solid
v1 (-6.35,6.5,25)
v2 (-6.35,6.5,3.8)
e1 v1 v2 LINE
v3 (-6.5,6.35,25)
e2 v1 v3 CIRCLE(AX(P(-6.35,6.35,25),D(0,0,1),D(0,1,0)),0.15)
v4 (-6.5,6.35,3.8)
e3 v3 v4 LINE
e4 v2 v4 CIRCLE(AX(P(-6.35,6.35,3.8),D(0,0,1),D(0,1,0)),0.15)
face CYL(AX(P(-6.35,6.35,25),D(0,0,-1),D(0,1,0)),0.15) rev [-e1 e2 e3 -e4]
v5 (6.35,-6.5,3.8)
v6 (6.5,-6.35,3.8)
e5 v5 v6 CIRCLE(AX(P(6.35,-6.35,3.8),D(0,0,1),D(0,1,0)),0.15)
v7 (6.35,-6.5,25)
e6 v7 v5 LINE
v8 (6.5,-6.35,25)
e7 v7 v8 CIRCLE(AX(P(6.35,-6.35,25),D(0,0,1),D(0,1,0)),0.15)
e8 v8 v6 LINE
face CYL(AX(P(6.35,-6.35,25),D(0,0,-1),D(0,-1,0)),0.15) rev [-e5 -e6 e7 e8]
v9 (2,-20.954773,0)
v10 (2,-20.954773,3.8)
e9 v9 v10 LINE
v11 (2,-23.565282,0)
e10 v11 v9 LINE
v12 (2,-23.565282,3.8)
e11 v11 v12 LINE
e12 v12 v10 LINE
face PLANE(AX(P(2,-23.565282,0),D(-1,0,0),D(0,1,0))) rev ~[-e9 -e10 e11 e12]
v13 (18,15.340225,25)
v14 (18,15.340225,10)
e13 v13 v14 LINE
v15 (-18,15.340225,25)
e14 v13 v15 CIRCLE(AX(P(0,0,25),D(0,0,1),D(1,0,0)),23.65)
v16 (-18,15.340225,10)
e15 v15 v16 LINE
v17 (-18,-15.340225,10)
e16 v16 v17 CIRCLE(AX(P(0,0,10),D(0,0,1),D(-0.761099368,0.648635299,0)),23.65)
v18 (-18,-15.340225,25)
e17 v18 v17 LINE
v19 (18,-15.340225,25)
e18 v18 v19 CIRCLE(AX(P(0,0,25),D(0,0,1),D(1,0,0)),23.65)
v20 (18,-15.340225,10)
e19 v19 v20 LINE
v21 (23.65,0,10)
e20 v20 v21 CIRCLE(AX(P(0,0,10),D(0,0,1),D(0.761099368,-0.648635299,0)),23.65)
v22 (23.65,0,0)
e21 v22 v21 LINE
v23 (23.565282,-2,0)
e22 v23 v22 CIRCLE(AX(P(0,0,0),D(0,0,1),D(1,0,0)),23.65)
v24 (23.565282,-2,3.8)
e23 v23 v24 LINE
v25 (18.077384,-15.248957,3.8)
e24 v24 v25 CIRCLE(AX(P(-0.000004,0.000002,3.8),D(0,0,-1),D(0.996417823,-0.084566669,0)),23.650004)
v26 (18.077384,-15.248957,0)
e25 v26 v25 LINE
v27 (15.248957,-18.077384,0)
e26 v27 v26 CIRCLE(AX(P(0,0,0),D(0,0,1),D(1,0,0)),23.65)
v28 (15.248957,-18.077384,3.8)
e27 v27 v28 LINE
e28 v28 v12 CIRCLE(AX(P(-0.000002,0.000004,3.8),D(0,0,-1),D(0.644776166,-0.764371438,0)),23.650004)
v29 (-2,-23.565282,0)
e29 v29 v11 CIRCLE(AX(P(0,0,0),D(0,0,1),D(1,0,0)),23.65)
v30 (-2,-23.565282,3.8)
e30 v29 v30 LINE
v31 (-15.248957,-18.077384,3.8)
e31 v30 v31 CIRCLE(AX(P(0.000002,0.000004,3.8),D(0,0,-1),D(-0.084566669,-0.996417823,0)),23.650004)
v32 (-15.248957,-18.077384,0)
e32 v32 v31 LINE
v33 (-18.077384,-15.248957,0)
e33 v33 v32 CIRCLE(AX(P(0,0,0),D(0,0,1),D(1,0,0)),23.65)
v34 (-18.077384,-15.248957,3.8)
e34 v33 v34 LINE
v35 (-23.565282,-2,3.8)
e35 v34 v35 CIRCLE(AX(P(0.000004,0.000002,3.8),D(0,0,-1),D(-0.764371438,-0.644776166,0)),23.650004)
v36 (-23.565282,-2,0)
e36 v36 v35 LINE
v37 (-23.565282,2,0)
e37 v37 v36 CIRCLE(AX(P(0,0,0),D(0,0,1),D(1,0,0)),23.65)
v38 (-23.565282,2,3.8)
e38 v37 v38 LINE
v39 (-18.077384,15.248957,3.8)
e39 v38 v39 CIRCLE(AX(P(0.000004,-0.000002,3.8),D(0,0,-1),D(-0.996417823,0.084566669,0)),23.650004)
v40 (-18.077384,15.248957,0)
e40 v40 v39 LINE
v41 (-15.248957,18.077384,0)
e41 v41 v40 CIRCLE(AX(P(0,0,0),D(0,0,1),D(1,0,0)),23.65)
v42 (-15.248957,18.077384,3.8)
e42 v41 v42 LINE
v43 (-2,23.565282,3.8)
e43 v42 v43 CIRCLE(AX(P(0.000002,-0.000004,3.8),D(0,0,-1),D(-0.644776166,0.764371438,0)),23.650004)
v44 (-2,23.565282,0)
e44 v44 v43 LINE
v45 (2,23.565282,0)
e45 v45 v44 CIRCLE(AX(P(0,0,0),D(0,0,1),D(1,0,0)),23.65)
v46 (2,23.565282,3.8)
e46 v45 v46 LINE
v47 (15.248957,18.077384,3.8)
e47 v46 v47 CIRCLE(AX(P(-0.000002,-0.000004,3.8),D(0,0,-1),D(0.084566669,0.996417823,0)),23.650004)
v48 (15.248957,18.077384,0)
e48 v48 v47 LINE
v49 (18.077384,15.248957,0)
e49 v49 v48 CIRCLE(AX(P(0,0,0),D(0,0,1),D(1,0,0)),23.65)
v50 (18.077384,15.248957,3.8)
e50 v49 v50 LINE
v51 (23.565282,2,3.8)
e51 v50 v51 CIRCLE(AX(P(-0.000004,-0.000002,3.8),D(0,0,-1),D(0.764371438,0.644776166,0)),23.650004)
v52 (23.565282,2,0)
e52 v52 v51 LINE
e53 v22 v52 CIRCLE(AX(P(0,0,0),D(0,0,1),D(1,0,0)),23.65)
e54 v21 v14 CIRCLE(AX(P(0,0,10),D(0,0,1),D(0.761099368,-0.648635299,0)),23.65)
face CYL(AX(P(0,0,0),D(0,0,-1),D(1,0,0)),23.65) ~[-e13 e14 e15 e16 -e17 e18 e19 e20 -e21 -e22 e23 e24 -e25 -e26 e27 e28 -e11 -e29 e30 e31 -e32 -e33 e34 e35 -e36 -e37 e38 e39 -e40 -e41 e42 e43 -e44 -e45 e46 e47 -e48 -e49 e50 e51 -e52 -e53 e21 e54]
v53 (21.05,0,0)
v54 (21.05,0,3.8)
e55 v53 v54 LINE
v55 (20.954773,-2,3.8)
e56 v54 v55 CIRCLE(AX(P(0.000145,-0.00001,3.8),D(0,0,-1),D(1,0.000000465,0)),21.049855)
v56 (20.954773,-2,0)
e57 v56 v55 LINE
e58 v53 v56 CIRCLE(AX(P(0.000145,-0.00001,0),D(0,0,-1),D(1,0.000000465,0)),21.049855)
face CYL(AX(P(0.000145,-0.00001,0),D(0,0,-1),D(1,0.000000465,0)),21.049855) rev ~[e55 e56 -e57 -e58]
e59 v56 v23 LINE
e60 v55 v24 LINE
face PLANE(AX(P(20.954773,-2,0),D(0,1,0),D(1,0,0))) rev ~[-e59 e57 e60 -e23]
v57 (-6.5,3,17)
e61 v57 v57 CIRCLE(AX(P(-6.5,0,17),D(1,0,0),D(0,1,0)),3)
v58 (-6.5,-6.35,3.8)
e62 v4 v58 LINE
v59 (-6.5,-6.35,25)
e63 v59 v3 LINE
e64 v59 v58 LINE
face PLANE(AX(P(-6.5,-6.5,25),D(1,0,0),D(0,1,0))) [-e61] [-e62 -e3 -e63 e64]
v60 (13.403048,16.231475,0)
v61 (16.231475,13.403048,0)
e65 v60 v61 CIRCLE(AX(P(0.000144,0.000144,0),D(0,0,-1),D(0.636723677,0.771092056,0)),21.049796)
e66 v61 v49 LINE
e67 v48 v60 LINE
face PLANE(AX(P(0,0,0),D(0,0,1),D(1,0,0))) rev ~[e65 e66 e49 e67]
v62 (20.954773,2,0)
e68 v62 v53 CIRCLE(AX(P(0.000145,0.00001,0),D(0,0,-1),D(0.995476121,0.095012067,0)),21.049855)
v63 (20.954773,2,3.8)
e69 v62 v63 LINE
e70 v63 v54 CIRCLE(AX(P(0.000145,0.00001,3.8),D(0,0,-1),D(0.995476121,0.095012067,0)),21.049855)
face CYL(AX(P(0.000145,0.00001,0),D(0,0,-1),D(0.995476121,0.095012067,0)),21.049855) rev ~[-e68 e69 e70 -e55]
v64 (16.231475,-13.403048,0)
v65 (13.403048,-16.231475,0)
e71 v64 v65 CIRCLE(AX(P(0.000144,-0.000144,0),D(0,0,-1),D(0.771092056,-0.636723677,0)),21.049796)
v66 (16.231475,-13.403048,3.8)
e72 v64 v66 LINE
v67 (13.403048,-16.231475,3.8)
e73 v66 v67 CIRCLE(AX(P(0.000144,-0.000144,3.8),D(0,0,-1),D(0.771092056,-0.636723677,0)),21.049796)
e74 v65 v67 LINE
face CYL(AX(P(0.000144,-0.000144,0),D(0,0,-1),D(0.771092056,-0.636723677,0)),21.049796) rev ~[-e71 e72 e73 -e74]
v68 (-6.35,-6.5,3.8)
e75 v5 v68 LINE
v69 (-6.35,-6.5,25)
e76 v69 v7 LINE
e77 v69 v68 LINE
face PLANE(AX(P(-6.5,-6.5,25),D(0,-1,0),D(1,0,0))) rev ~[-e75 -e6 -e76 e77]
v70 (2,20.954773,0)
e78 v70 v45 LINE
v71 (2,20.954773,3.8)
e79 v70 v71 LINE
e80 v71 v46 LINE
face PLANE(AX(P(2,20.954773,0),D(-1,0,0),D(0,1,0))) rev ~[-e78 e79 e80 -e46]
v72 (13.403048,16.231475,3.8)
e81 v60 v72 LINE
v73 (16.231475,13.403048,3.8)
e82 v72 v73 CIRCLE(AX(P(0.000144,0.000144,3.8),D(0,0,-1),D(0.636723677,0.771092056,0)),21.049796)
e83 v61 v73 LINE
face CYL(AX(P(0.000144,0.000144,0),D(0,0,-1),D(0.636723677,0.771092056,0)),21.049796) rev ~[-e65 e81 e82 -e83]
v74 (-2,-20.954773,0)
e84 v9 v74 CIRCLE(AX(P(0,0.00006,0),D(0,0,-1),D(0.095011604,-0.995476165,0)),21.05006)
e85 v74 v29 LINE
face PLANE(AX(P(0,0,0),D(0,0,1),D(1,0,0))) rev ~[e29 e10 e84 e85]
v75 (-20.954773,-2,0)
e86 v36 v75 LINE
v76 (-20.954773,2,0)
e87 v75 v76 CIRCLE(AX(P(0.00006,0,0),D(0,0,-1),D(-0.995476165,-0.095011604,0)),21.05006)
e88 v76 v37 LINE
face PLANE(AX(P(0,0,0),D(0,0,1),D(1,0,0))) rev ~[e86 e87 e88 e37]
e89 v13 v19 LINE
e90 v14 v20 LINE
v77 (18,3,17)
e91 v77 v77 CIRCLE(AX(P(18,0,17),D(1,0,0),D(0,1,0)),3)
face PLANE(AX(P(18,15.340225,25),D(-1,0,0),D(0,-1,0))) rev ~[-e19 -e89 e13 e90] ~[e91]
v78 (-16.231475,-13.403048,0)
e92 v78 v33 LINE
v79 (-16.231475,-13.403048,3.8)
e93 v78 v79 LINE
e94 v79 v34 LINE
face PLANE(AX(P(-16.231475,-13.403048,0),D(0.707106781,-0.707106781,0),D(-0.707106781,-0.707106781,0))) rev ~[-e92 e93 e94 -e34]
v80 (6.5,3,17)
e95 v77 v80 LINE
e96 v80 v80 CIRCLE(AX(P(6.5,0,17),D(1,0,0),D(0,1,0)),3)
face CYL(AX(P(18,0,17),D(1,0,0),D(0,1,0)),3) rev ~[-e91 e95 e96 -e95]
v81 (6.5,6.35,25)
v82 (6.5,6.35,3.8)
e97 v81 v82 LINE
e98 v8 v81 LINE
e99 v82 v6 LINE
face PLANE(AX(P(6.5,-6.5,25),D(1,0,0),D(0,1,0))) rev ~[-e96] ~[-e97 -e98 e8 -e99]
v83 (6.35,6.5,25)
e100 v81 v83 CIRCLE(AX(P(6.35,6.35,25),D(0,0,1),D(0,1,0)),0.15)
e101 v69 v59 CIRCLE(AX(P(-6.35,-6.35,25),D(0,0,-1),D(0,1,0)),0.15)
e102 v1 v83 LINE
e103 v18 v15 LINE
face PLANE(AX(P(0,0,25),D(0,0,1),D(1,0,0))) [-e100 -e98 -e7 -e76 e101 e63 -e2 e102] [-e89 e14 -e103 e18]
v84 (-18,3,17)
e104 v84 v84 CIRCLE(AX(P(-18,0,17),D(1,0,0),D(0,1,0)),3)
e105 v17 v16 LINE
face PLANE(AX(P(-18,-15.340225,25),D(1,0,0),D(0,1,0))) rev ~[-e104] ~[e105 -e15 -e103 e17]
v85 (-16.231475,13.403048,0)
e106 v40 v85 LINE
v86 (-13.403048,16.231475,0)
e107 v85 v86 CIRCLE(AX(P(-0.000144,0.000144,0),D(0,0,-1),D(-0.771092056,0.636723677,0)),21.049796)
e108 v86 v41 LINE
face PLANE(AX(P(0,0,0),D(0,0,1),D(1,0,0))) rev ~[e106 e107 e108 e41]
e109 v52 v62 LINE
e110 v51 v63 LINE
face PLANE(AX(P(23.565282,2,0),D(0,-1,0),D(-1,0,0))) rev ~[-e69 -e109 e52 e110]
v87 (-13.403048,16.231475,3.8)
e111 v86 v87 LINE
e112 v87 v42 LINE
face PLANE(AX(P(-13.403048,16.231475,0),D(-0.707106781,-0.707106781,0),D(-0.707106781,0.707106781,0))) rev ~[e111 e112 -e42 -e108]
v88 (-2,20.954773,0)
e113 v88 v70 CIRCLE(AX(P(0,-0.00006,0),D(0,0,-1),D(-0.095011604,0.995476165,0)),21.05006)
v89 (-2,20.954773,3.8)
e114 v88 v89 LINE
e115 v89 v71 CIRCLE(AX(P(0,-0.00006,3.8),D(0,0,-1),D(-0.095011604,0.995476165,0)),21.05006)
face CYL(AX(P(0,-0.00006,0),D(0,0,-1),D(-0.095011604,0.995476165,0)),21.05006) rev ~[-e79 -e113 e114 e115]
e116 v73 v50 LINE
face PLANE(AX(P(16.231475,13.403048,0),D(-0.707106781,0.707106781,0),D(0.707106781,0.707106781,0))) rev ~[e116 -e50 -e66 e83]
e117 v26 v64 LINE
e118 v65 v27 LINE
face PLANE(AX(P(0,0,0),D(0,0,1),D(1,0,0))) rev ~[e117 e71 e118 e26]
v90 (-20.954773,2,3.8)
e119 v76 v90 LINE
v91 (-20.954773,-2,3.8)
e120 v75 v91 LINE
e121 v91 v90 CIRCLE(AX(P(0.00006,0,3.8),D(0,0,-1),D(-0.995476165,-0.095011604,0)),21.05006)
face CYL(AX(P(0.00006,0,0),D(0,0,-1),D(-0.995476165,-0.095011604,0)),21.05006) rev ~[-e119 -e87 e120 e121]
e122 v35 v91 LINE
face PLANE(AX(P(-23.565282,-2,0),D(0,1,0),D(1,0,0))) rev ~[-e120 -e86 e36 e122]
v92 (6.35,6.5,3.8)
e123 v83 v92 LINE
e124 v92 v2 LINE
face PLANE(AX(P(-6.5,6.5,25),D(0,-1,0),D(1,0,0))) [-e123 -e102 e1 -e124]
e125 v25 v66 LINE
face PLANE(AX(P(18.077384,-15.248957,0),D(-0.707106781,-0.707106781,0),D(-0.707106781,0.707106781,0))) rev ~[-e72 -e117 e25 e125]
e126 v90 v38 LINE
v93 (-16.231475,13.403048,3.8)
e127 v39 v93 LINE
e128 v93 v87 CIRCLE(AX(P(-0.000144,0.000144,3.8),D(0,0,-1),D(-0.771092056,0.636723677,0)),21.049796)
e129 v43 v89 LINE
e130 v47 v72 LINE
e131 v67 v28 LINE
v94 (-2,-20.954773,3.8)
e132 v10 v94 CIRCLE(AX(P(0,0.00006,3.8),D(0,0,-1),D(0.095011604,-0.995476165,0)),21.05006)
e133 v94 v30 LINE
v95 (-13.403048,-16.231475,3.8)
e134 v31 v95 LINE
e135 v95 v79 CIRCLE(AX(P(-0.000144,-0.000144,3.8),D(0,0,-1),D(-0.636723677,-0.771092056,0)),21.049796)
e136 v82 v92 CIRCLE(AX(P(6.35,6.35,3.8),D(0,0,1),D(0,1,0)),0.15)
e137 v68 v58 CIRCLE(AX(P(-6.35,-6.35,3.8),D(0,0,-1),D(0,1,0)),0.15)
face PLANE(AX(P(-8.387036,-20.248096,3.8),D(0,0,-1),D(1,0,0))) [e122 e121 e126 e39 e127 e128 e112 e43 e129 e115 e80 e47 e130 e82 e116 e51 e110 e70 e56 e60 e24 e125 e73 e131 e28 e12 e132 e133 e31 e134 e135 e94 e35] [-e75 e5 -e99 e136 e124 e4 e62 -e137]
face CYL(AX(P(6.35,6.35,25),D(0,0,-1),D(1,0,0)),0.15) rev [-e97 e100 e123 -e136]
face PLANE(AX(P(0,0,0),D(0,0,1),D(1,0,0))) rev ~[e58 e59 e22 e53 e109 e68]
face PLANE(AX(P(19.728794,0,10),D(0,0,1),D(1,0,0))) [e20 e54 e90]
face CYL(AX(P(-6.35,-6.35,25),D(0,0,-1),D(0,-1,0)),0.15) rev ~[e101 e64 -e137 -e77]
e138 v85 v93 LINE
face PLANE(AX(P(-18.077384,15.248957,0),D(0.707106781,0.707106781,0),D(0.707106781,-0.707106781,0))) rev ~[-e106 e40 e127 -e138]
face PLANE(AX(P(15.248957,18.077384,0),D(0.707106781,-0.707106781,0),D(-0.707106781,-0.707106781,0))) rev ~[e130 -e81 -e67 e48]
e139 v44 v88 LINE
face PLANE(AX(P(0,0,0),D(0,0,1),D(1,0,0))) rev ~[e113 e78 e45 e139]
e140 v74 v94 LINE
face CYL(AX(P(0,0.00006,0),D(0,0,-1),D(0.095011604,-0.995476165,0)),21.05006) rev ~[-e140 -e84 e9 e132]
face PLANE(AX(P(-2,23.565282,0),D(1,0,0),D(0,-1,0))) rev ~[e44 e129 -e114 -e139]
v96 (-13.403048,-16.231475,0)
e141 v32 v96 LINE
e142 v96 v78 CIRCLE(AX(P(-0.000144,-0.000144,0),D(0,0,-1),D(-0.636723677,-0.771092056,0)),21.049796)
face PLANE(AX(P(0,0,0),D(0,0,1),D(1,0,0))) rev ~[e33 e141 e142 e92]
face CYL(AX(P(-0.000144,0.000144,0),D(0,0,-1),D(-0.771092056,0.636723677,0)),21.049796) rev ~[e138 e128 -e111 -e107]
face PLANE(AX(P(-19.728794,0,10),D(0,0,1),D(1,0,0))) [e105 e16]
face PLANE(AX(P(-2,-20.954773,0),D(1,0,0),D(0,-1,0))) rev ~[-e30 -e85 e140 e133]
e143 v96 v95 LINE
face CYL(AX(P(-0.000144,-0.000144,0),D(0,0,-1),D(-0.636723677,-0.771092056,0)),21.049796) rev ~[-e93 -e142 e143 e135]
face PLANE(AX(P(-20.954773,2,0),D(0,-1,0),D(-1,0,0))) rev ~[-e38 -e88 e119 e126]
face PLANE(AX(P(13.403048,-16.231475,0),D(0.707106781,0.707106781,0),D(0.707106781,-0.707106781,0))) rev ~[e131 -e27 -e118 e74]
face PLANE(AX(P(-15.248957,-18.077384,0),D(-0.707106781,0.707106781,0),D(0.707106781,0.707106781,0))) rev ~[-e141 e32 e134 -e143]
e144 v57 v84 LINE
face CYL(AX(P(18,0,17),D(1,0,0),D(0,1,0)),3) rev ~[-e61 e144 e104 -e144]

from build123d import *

# Parameters (mm, degrees)
F0_R      = 23.65
F1_DEPTH  = 25
F3_DEPTH  = 3.8
F5_DEPTH  = 15
F6_W      = 13
F6_H      = 13
F7_DEPTH  = 25.001
F8_R      = 0.15
F9_R      = 3
F10_DEPTH = 41.651


with BuildPart() as f1:
    # F0 (on Top) → F1 (new body)
    with BuildSketch(Plane.XY):
        Circle(F0_R)
    extrude(amount=F1_DEPTH)

    # F2 (on face) → F3 (cut)
    with BuildSketch(Plane(origin=(0, 0, 0), x_dir=(1, 0, 0), z_dir=(0, 0, -1))):
        with BuildLine():
            Line((-2, 20.954773), (-2, 23.565282))
            ThreePointArc((-2, 23.565282), (-9.050463, 21.849751), (-15.248957, 18.077384))
            Line((-15.248957, 18.077384), (-13.403048, 16.231475))
            ThreePointArc((-13.403048, 16.231475), (-8.055486, 19.447664), (-2, 20.954773))
        make_face()
        with BuildLine():
            ThreePointArc((21.05, 0), (21.02618, 1.001133), (20.954773, 2))
            ThreePointArc((20.954773, 2), (19.447664, 8.055486), (16.231475, 13.403048))
            ThreePointArc((16.231475, 13.403048), (14.884598, 14.884598), (13.403048, 16.231475))
            ThreePointArc((13.403048, 16.231475), (8.055486, 19.447664), (2, 20.954773))
            ThreePointArc((2, 20.954773), (0, 21.05), (-2, 20.954773))
            ThreePointArc((-2, 20.954773), (-8.055486, 19.447664), (-13.403048, 16.231475))
            ThreePointArc((-13.403048, 16.231475), (-14.884598, 14.884598), (-16.231475, 13.403048))
            ThreePointArc((-16.231475, 13.403048), (-19.447664, 8.055486), (-20.954773, 2))
            ThreePointArc((-20.954773, 2), (-21.05, 0), (-20.954773, -2))
            ThreePointArc((-20.954773, -2), (-19.447664, -8.055486), (-16.231475, -13.403048))
            ThreePointArc((-16.231475, -13.403048), (-14.884598, -14.884598), (-13.403048, -16.231475))
            ThreePointArc((-13.403048, -16.231475), (-8.055486, -19.447664), (-2, -20.954773))
            ThreePointArc((-2, -20.954773), (0, -21.05), (2, -20.954773))
            ThreePointArc((2, -20.954773), (8.055486, -19.447664), (13.403048, -16.231475))
            ThreePointArc((13.403048, -16.231475), (14.884598, -14.884598), (16.231475, -13.403048))
            ThreePointArc((16.231475, -13.403048), (19.447664, -8.055486), (20.954773, -2))
            ThreePointArc((20.954773, -2), (21.02618, -1.001133), (21.05, 0))
        make_face()
        with BuildLine():
            Line((-16.231475, 13.403048), (-18.077384, 15.248957))
            ThreePointArc((-18.077384, 15.248957), (-21.849751, 9.050463), (-23.565282, 2))
            Line((-23.565282, 2), (-20.954773, 2))
            ThreePointArc((-20.954773, 2), (-19.447664, 8.055486), (-16.231475, 13.403048))
        make_face()
        with BuildLine():
            ThreePointArc((-23.565282, -2), (-21.849751, -9.050463), (-18.077384, -15.248957))
            Line((-18.077384, -15.248957), (-16.231475, -13.403048))
            ThreePointArc((-16.231475, -13.403048), (-19.447664, -8.055486), (-20.954773, -2))
            Line((-20.954773, -2), (-23.565282, -2))
        make_face()
        with BuildLine():
            ThreePointArc((-15.248957, -18.077384), (-9.050463, -21.849751), (-2, -23.565282))
            Line((-2, -23.565282), (-2, -20.954773))
            ThreePointArc((-2, -20.954773), (-8.055486, -19.447664), (-13.403048, -16.231475))
            Line((-13.403048, -16.231475), (-15.248957, -18.077384))
        make_face()
        with BuildLine():
            ThreePointArc((2, -23.565282), (9.050463, -21.849751), (15.248957, -18.077384))
            Line((15.248957, -18.077384), (13.403048, -16.231475))
            ThreePointArc((13.403048, -16.231475), (8.055486, -19.447664), (2, -20.954773))
            Line((2, -20.954773), (2, -23.565282))
        make_face()
        with BuildLine():
            ThreePointArc((18.077384, -15.248957), (21.849751, -9.050463), (23.565282, -2))
            Line((23.565282, -2), (20.954773, -2))
            ThreePointArc((20.954773, -2), (19.447664, -8.055486), (16.231475, -13.403048))
            Line((16.231475, -13.403048), (18.077384, -15.248957))
        make_face()
        with BuildLine():
            Line((20.954773, 2), (23.565282, 2))
            ThreePointArc((23.565282, 2), (21.849751, 9.050463), (18.077384, 15.248957))
            Line((18.077384, 15.248957), (16.231475, 13.403048))
            ThreePointArc((16.231475, 13.403048), (19.447664, 8.055486), (20.954773, 2))
        make_face()
        with BuildLine():
            Line((13.403048, 16.231475), (15.248957, 18.077384))
            ThreePointArc((15.248957, 18.077384), (9.050463, 21.849751), (2, 23.565282))
            Line((2, 23.565282), (2, 20.954773))
            ThreePointArc((2, 20.954773), (8.055486, 19.447664), (13.403048, 16.231475))
        make_face()
    extrude(amount=-F3_DEPTH, mode=Mode.SUBTRACT)

    # F4 (on face) → F5 (cut)
    with BuildSketch(Plane.XY.offset(25)):
        with BuildLine():
            Line((-18, -15.340225), (-18, 15.340225))
            ThreePointArc((-18, 15.340225), (-23.65, 0), (-18, -15.340225))
        make_face()
        with BuildLine():
            Line((18, 15.340225), (18, -15.340225))
            ThreePointArc((18, -15.340225), (23.65, 0), (18, 15.340225))
        make_face()
    extrude(amount=-F5_DEPTH, mode=Mode.SUBTRACT)

    # F6 (on face) → F7 (cut, through all)
    with BuildSketch(Plane.XY.offset(25)):
        Rectangle(F6_W, F6_H)
    extrude(amount=-F7_DEPTH, mode=Mode.SUBTRACT)

    # F8
    f8_edges = [f1.edges().sort_by_distance(p)[0] for p in [
        (-6.5, 6.5, 14.4),
        (-6.5, -6.5, 14.4),
        (6.5, 6.5, 14.4),
        (6.5, -6.5, 14.4),
    ]]
    fillet(f8_edges, radius=F8_R)

    # F9 (on face) → F10 (cut, through all)
    with BuildSketch(Plane.YZ.offset(18)):
        with Locations((0, 17)):
            Circle(F9_R)
    extrude(amount=-F10_DEPTH, mode=Mode.SUBTRACT)


solid = f1.part
